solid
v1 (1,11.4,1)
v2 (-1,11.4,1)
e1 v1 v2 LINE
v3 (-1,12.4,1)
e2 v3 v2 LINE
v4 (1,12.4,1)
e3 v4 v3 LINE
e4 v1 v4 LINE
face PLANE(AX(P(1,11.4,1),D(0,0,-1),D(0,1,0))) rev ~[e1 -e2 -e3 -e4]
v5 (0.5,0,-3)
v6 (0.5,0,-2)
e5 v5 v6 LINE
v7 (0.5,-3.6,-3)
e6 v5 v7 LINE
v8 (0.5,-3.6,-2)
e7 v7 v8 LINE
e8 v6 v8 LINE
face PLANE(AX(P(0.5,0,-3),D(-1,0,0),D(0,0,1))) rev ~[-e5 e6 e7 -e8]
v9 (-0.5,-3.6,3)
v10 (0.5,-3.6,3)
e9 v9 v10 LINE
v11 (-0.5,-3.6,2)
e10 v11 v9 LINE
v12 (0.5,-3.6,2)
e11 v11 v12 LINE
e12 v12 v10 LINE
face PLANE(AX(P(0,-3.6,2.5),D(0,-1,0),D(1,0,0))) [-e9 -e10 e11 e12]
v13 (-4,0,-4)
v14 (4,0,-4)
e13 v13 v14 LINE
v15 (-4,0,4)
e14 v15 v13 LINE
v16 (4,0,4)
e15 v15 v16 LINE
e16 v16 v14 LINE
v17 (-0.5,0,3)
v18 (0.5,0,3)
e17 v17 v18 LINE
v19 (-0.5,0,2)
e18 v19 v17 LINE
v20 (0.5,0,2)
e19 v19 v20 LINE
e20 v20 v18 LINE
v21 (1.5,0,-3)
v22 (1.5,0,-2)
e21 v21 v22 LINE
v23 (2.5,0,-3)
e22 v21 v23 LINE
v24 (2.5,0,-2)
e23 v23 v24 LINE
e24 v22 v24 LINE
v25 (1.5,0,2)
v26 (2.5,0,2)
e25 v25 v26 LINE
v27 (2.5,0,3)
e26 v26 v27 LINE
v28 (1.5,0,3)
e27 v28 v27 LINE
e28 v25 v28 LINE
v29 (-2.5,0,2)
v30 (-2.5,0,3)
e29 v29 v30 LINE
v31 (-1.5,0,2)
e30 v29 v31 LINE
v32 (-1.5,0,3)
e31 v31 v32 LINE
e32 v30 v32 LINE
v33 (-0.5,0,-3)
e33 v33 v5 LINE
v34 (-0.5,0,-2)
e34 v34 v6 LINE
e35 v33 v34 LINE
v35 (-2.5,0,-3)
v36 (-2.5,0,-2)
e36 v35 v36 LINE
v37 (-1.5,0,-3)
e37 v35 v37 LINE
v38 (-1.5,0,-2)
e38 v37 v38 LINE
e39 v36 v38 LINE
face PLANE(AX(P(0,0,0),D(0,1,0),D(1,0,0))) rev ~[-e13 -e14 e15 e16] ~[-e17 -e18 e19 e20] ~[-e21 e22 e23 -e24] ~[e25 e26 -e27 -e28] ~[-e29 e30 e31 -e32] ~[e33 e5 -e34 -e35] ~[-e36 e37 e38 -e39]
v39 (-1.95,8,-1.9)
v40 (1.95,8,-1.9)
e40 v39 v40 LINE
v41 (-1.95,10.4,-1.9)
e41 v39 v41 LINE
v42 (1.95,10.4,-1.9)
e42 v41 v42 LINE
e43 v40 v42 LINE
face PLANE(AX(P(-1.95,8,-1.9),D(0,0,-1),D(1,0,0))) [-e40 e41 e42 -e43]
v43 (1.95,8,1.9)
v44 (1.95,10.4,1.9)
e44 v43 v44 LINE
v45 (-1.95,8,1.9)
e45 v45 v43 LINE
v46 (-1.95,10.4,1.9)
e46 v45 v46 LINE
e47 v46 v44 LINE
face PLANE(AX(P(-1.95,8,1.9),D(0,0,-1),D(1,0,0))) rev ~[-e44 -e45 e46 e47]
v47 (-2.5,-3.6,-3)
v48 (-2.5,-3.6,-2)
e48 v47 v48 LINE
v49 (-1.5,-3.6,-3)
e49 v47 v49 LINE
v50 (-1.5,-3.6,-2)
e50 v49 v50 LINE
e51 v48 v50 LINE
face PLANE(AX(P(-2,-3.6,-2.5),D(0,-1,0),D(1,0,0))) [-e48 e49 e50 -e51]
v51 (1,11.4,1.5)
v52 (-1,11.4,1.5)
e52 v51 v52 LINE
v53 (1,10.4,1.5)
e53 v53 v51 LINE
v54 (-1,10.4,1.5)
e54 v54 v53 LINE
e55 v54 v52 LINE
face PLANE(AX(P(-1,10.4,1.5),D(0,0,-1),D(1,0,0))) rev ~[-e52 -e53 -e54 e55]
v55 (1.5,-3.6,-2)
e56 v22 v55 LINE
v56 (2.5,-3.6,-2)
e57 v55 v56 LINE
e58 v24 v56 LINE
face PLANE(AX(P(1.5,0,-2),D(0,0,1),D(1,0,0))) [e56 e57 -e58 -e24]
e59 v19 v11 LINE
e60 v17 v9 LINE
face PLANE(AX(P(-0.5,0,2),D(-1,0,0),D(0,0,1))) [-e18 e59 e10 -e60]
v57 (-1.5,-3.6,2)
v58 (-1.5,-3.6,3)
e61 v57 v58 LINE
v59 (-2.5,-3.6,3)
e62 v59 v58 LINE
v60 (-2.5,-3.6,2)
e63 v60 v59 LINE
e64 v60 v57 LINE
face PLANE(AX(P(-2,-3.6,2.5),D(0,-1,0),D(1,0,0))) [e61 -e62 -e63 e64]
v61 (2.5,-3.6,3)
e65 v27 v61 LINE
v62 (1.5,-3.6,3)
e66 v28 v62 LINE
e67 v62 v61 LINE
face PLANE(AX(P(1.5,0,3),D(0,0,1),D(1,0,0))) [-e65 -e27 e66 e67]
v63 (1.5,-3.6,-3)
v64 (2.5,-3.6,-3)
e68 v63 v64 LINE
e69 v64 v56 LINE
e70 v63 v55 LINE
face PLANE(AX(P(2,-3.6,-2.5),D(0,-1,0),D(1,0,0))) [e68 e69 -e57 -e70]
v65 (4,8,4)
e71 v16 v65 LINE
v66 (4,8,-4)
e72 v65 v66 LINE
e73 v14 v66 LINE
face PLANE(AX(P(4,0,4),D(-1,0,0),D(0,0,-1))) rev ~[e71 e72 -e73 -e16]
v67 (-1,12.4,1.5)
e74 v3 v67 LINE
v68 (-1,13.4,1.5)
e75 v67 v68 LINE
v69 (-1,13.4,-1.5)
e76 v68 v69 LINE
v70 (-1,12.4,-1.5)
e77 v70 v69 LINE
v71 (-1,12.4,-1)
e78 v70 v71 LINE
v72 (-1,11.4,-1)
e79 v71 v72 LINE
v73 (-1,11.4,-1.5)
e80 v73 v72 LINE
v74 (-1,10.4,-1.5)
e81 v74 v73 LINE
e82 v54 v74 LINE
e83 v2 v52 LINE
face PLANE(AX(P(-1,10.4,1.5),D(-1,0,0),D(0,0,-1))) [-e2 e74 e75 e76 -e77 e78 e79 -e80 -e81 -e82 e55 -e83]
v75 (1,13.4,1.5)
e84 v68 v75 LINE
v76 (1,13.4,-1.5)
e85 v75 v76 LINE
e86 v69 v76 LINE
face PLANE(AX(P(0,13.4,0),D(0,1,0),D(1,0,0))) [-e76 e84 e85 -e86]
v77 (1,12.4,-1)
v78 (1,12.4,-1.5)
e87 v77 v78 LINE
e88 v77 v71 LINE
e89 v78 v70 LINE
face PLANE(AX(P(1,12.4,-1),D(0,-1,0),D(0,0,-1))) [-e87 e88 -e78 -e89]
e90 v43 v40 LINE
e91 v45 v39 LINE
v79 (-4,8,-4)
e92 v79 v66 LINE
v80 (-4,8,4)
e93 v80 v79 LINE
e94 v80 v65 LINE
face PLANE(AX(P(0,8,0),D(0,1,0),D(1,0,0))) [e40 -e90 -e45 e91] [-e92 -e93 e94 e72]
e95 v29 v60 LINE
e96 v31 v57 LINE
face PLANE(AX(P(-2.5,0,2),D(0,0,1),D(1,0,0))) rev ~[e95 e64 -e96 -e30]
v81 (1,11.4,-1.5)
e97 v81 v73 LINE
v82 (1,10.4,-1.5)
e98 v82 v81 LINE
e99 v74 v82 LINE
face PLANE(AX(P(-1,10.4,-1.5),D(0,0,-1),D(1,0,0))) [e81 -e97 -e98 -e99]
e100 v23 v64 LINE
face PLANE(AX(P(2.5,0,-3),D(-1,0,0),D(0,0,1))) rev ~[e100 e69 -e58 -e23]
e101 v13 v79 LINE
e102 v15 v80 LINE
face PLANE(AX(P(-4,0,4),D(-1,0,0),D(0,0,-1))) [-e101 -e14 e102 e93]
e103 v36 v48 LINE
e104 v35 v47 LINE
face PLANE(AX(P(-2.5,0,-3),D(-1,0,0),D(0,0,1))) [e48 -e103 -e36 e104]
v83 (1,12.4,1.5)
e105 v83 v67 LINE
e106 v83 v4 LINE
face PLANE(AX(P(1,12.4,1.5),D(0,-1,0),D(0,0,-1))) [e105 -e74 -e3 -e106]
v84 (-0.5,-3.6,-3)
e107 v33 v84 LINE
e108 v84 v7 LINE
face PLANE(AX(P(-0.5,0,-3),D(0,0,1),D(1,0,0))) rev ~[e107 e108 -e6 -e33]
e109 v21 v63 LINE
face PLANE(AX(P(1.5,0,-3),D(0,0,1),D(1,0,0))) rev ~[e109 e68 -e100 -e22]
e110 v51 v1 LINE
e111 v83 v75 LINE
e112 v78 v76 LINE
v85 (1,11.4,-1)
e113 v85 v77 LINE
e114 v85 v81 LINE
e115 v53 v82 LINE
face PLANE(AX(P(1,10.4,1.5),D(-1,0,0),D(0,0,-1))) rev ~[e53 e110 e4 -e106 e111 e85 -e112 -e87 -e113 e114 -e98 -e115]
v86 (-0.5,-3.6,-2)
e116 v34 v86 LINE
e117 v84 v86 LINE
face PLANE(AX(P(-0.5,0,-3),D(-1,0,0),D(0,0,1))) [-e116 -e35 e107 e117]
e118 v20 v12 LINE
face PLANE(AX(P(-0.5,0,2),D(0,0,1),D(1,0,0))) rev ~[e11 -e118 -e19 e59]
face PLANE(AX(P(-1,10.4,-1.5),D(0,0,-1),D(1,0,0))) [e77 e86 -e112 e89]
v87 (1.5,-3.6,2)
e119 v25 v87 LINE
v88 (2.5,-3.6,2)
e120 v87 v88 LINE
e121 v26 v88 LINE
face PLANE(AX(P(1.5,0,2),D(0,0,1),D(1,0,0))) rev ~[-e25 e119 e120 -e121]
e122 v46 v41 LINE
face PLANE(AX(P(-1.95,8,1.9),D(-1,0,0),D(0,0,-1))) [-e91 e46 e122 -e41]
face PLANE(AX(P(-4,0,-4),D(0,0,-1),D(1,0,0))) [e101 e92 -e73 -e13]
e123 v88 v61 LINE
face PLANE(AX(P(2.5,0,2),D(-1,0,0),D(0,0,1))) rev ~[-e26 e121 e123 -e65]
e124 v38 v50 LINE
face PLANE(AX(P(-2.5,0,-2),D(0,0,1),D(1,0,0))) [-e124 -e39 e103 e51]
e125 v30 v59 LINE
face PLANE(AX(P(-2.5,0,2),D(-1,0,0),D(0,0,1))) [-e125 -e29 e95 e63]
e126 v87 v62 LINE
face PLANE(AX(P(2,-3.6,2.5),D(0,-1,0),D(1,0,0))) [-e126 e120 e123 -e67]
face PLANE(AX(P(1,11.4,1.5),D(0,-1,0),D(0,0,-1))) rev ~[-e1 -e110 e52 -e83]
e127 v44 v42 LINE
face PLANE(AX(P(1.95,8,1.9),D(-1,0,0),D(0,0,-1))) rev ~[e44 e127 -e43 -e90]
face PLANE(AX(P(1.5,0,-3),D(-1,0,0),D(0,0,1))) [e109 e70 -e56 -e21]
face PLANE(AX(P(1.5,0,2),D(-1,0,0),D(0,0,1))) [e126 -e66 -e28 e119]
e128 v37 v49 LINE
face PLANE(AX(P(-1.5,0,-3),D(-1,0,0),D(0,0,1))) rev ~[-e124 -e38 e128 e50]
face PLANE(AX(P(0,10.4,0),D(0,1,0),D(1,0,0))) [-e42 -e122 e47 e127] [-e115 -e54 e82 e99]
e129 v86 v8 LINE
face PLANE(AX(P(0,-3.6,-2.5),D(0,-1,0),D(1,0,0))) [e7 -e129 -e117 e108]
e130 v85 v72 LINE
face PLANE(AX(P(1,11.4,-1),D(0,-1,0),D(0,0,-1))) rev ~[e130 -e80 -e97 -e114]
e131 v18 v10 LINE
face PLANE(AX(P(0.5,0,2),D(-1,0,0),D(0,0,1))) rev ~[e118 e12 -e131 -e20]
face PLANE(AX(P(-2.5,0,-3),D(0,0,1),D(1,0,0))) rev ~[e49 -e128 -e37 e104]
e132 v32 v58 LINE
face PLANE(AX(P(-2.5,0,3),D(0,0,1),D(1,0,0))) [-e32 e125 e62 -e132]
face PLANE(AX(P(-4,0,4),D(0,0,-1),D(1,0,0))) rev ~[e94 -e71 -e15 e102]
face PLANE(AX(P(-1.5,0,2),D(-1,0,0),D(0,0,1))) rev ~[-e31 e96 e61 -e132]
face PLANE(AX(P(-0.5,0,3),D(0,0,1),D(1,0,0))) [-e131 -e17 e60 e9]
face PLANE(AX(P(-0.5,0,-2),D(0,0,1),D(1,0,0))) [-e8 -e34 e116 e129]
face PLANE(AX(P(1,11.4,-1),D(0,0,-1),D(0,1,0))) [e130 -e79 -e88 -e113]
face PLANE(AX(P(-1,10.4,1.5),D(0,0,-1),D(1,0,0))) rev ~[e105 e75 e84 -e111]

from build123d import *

# Parameters (mm, degrees)
SKETCH1_W           = 8
SKETCH1_H           = 8
BOSS_EXTRUDE1_DEPTH = 8
SKETCH2_W           = 3.9
SKETCH2_H           = 3.8
BOSS_EXTRUDE2_DEPTH = 2.4
SKETCH3_W           = 2
SKETCH3_H           = 3
BOSS_EXTRUDE3_DEPTH = 3
SKETCH4_W           = 1
SKETCH4_H           = 1
BOSS_EXTRUDE4_DEPTH = 3.6
SKETCH5_W           = 0.5
SKETCH5_H           = 1
CUT_EXTRUDE1_DEPTH  = 15.851262573


with BuildPart() as part:
    # Sketch1 → Boss-Extrude1 (new body)
    with BuildSketch(Plane(origin=(0, 0, 0), x_dir=(1, 0, 0), z_dir=(0, 1, 0))):
        Rectangle(SKETCH1_W, SKETCH1_H)
    extrude(amount=BOSS_EXTRUDE1_DEPTH)

    # Sketch2 → Boss-Extrude2 (add)
    with BuildSketch(Plane(origin=(0, 8, 0), x_dir=(1, 0, 0), z_dir=(0, 1, 0))):
        Rectangle(SKETCH2_W, SKETCH2_H)
    extrude(amount=BOSS_EXTRUDE2_DEPTH)

    # Sketch3 → Boss-Extrude3 (add)
    with BuildSketch(Plane(origin=(0, 10.4, 0), x_dir=(1, 0, 0), z_dir=(0, 1, 0))):
        Rectangle(SKETCH3_W, SKETCH3_H)
    extrude(amount=BOSS_EXTRUDE3_DEPTH)

    # Sketch4 → Boss-Extrude4 (add)
    with BuildSketch(Plane.XZ):
        with Locations((0, 2.5)):
            Rectangle(SKETCH4_W, SKETCH4_H)
        with Locations((-2, 2.5)):
            Rectangle(SKETCH4_W, SKETCH4_H)
        with Locations((2, 2.5)):
            Rectangle(SKETCH4_W, SKETCH4_H)
        with Locations((0, -2.5)):
            Rectangle(SKETCH4_W, SKETCH4_H)
        with Locations((2, -2.5)):
            Rectangle(SKETCH4_W, SKETCH4_H)
        with Locations((-2, -2.5)):
            Rectangle(SKETCH4_W, SKETCH4_H)
    extrude(amount=BOSS_EXTRUDE4_DEPTH)

    # Sketch5 → Cut-Extrude1 (cut, through all)
    with BuildSketch(Plane(origin=(1, 0, 0), x_dir=(0, 0, -1), z_dir=(1, 0, 0))):
        with Locations((-1.25, 11.9)):
            Rectangle(SKETCH5_W, SKETCH5_H)
        with Locations((1.25, 11.9)):
            Rectangle(SKETCH5_W, SKETCH5_H)
    extrude(amount=-CUT_EXTRUDE1_DEPTH, mode=Mode.SUBTRACT)


solid = part.part
